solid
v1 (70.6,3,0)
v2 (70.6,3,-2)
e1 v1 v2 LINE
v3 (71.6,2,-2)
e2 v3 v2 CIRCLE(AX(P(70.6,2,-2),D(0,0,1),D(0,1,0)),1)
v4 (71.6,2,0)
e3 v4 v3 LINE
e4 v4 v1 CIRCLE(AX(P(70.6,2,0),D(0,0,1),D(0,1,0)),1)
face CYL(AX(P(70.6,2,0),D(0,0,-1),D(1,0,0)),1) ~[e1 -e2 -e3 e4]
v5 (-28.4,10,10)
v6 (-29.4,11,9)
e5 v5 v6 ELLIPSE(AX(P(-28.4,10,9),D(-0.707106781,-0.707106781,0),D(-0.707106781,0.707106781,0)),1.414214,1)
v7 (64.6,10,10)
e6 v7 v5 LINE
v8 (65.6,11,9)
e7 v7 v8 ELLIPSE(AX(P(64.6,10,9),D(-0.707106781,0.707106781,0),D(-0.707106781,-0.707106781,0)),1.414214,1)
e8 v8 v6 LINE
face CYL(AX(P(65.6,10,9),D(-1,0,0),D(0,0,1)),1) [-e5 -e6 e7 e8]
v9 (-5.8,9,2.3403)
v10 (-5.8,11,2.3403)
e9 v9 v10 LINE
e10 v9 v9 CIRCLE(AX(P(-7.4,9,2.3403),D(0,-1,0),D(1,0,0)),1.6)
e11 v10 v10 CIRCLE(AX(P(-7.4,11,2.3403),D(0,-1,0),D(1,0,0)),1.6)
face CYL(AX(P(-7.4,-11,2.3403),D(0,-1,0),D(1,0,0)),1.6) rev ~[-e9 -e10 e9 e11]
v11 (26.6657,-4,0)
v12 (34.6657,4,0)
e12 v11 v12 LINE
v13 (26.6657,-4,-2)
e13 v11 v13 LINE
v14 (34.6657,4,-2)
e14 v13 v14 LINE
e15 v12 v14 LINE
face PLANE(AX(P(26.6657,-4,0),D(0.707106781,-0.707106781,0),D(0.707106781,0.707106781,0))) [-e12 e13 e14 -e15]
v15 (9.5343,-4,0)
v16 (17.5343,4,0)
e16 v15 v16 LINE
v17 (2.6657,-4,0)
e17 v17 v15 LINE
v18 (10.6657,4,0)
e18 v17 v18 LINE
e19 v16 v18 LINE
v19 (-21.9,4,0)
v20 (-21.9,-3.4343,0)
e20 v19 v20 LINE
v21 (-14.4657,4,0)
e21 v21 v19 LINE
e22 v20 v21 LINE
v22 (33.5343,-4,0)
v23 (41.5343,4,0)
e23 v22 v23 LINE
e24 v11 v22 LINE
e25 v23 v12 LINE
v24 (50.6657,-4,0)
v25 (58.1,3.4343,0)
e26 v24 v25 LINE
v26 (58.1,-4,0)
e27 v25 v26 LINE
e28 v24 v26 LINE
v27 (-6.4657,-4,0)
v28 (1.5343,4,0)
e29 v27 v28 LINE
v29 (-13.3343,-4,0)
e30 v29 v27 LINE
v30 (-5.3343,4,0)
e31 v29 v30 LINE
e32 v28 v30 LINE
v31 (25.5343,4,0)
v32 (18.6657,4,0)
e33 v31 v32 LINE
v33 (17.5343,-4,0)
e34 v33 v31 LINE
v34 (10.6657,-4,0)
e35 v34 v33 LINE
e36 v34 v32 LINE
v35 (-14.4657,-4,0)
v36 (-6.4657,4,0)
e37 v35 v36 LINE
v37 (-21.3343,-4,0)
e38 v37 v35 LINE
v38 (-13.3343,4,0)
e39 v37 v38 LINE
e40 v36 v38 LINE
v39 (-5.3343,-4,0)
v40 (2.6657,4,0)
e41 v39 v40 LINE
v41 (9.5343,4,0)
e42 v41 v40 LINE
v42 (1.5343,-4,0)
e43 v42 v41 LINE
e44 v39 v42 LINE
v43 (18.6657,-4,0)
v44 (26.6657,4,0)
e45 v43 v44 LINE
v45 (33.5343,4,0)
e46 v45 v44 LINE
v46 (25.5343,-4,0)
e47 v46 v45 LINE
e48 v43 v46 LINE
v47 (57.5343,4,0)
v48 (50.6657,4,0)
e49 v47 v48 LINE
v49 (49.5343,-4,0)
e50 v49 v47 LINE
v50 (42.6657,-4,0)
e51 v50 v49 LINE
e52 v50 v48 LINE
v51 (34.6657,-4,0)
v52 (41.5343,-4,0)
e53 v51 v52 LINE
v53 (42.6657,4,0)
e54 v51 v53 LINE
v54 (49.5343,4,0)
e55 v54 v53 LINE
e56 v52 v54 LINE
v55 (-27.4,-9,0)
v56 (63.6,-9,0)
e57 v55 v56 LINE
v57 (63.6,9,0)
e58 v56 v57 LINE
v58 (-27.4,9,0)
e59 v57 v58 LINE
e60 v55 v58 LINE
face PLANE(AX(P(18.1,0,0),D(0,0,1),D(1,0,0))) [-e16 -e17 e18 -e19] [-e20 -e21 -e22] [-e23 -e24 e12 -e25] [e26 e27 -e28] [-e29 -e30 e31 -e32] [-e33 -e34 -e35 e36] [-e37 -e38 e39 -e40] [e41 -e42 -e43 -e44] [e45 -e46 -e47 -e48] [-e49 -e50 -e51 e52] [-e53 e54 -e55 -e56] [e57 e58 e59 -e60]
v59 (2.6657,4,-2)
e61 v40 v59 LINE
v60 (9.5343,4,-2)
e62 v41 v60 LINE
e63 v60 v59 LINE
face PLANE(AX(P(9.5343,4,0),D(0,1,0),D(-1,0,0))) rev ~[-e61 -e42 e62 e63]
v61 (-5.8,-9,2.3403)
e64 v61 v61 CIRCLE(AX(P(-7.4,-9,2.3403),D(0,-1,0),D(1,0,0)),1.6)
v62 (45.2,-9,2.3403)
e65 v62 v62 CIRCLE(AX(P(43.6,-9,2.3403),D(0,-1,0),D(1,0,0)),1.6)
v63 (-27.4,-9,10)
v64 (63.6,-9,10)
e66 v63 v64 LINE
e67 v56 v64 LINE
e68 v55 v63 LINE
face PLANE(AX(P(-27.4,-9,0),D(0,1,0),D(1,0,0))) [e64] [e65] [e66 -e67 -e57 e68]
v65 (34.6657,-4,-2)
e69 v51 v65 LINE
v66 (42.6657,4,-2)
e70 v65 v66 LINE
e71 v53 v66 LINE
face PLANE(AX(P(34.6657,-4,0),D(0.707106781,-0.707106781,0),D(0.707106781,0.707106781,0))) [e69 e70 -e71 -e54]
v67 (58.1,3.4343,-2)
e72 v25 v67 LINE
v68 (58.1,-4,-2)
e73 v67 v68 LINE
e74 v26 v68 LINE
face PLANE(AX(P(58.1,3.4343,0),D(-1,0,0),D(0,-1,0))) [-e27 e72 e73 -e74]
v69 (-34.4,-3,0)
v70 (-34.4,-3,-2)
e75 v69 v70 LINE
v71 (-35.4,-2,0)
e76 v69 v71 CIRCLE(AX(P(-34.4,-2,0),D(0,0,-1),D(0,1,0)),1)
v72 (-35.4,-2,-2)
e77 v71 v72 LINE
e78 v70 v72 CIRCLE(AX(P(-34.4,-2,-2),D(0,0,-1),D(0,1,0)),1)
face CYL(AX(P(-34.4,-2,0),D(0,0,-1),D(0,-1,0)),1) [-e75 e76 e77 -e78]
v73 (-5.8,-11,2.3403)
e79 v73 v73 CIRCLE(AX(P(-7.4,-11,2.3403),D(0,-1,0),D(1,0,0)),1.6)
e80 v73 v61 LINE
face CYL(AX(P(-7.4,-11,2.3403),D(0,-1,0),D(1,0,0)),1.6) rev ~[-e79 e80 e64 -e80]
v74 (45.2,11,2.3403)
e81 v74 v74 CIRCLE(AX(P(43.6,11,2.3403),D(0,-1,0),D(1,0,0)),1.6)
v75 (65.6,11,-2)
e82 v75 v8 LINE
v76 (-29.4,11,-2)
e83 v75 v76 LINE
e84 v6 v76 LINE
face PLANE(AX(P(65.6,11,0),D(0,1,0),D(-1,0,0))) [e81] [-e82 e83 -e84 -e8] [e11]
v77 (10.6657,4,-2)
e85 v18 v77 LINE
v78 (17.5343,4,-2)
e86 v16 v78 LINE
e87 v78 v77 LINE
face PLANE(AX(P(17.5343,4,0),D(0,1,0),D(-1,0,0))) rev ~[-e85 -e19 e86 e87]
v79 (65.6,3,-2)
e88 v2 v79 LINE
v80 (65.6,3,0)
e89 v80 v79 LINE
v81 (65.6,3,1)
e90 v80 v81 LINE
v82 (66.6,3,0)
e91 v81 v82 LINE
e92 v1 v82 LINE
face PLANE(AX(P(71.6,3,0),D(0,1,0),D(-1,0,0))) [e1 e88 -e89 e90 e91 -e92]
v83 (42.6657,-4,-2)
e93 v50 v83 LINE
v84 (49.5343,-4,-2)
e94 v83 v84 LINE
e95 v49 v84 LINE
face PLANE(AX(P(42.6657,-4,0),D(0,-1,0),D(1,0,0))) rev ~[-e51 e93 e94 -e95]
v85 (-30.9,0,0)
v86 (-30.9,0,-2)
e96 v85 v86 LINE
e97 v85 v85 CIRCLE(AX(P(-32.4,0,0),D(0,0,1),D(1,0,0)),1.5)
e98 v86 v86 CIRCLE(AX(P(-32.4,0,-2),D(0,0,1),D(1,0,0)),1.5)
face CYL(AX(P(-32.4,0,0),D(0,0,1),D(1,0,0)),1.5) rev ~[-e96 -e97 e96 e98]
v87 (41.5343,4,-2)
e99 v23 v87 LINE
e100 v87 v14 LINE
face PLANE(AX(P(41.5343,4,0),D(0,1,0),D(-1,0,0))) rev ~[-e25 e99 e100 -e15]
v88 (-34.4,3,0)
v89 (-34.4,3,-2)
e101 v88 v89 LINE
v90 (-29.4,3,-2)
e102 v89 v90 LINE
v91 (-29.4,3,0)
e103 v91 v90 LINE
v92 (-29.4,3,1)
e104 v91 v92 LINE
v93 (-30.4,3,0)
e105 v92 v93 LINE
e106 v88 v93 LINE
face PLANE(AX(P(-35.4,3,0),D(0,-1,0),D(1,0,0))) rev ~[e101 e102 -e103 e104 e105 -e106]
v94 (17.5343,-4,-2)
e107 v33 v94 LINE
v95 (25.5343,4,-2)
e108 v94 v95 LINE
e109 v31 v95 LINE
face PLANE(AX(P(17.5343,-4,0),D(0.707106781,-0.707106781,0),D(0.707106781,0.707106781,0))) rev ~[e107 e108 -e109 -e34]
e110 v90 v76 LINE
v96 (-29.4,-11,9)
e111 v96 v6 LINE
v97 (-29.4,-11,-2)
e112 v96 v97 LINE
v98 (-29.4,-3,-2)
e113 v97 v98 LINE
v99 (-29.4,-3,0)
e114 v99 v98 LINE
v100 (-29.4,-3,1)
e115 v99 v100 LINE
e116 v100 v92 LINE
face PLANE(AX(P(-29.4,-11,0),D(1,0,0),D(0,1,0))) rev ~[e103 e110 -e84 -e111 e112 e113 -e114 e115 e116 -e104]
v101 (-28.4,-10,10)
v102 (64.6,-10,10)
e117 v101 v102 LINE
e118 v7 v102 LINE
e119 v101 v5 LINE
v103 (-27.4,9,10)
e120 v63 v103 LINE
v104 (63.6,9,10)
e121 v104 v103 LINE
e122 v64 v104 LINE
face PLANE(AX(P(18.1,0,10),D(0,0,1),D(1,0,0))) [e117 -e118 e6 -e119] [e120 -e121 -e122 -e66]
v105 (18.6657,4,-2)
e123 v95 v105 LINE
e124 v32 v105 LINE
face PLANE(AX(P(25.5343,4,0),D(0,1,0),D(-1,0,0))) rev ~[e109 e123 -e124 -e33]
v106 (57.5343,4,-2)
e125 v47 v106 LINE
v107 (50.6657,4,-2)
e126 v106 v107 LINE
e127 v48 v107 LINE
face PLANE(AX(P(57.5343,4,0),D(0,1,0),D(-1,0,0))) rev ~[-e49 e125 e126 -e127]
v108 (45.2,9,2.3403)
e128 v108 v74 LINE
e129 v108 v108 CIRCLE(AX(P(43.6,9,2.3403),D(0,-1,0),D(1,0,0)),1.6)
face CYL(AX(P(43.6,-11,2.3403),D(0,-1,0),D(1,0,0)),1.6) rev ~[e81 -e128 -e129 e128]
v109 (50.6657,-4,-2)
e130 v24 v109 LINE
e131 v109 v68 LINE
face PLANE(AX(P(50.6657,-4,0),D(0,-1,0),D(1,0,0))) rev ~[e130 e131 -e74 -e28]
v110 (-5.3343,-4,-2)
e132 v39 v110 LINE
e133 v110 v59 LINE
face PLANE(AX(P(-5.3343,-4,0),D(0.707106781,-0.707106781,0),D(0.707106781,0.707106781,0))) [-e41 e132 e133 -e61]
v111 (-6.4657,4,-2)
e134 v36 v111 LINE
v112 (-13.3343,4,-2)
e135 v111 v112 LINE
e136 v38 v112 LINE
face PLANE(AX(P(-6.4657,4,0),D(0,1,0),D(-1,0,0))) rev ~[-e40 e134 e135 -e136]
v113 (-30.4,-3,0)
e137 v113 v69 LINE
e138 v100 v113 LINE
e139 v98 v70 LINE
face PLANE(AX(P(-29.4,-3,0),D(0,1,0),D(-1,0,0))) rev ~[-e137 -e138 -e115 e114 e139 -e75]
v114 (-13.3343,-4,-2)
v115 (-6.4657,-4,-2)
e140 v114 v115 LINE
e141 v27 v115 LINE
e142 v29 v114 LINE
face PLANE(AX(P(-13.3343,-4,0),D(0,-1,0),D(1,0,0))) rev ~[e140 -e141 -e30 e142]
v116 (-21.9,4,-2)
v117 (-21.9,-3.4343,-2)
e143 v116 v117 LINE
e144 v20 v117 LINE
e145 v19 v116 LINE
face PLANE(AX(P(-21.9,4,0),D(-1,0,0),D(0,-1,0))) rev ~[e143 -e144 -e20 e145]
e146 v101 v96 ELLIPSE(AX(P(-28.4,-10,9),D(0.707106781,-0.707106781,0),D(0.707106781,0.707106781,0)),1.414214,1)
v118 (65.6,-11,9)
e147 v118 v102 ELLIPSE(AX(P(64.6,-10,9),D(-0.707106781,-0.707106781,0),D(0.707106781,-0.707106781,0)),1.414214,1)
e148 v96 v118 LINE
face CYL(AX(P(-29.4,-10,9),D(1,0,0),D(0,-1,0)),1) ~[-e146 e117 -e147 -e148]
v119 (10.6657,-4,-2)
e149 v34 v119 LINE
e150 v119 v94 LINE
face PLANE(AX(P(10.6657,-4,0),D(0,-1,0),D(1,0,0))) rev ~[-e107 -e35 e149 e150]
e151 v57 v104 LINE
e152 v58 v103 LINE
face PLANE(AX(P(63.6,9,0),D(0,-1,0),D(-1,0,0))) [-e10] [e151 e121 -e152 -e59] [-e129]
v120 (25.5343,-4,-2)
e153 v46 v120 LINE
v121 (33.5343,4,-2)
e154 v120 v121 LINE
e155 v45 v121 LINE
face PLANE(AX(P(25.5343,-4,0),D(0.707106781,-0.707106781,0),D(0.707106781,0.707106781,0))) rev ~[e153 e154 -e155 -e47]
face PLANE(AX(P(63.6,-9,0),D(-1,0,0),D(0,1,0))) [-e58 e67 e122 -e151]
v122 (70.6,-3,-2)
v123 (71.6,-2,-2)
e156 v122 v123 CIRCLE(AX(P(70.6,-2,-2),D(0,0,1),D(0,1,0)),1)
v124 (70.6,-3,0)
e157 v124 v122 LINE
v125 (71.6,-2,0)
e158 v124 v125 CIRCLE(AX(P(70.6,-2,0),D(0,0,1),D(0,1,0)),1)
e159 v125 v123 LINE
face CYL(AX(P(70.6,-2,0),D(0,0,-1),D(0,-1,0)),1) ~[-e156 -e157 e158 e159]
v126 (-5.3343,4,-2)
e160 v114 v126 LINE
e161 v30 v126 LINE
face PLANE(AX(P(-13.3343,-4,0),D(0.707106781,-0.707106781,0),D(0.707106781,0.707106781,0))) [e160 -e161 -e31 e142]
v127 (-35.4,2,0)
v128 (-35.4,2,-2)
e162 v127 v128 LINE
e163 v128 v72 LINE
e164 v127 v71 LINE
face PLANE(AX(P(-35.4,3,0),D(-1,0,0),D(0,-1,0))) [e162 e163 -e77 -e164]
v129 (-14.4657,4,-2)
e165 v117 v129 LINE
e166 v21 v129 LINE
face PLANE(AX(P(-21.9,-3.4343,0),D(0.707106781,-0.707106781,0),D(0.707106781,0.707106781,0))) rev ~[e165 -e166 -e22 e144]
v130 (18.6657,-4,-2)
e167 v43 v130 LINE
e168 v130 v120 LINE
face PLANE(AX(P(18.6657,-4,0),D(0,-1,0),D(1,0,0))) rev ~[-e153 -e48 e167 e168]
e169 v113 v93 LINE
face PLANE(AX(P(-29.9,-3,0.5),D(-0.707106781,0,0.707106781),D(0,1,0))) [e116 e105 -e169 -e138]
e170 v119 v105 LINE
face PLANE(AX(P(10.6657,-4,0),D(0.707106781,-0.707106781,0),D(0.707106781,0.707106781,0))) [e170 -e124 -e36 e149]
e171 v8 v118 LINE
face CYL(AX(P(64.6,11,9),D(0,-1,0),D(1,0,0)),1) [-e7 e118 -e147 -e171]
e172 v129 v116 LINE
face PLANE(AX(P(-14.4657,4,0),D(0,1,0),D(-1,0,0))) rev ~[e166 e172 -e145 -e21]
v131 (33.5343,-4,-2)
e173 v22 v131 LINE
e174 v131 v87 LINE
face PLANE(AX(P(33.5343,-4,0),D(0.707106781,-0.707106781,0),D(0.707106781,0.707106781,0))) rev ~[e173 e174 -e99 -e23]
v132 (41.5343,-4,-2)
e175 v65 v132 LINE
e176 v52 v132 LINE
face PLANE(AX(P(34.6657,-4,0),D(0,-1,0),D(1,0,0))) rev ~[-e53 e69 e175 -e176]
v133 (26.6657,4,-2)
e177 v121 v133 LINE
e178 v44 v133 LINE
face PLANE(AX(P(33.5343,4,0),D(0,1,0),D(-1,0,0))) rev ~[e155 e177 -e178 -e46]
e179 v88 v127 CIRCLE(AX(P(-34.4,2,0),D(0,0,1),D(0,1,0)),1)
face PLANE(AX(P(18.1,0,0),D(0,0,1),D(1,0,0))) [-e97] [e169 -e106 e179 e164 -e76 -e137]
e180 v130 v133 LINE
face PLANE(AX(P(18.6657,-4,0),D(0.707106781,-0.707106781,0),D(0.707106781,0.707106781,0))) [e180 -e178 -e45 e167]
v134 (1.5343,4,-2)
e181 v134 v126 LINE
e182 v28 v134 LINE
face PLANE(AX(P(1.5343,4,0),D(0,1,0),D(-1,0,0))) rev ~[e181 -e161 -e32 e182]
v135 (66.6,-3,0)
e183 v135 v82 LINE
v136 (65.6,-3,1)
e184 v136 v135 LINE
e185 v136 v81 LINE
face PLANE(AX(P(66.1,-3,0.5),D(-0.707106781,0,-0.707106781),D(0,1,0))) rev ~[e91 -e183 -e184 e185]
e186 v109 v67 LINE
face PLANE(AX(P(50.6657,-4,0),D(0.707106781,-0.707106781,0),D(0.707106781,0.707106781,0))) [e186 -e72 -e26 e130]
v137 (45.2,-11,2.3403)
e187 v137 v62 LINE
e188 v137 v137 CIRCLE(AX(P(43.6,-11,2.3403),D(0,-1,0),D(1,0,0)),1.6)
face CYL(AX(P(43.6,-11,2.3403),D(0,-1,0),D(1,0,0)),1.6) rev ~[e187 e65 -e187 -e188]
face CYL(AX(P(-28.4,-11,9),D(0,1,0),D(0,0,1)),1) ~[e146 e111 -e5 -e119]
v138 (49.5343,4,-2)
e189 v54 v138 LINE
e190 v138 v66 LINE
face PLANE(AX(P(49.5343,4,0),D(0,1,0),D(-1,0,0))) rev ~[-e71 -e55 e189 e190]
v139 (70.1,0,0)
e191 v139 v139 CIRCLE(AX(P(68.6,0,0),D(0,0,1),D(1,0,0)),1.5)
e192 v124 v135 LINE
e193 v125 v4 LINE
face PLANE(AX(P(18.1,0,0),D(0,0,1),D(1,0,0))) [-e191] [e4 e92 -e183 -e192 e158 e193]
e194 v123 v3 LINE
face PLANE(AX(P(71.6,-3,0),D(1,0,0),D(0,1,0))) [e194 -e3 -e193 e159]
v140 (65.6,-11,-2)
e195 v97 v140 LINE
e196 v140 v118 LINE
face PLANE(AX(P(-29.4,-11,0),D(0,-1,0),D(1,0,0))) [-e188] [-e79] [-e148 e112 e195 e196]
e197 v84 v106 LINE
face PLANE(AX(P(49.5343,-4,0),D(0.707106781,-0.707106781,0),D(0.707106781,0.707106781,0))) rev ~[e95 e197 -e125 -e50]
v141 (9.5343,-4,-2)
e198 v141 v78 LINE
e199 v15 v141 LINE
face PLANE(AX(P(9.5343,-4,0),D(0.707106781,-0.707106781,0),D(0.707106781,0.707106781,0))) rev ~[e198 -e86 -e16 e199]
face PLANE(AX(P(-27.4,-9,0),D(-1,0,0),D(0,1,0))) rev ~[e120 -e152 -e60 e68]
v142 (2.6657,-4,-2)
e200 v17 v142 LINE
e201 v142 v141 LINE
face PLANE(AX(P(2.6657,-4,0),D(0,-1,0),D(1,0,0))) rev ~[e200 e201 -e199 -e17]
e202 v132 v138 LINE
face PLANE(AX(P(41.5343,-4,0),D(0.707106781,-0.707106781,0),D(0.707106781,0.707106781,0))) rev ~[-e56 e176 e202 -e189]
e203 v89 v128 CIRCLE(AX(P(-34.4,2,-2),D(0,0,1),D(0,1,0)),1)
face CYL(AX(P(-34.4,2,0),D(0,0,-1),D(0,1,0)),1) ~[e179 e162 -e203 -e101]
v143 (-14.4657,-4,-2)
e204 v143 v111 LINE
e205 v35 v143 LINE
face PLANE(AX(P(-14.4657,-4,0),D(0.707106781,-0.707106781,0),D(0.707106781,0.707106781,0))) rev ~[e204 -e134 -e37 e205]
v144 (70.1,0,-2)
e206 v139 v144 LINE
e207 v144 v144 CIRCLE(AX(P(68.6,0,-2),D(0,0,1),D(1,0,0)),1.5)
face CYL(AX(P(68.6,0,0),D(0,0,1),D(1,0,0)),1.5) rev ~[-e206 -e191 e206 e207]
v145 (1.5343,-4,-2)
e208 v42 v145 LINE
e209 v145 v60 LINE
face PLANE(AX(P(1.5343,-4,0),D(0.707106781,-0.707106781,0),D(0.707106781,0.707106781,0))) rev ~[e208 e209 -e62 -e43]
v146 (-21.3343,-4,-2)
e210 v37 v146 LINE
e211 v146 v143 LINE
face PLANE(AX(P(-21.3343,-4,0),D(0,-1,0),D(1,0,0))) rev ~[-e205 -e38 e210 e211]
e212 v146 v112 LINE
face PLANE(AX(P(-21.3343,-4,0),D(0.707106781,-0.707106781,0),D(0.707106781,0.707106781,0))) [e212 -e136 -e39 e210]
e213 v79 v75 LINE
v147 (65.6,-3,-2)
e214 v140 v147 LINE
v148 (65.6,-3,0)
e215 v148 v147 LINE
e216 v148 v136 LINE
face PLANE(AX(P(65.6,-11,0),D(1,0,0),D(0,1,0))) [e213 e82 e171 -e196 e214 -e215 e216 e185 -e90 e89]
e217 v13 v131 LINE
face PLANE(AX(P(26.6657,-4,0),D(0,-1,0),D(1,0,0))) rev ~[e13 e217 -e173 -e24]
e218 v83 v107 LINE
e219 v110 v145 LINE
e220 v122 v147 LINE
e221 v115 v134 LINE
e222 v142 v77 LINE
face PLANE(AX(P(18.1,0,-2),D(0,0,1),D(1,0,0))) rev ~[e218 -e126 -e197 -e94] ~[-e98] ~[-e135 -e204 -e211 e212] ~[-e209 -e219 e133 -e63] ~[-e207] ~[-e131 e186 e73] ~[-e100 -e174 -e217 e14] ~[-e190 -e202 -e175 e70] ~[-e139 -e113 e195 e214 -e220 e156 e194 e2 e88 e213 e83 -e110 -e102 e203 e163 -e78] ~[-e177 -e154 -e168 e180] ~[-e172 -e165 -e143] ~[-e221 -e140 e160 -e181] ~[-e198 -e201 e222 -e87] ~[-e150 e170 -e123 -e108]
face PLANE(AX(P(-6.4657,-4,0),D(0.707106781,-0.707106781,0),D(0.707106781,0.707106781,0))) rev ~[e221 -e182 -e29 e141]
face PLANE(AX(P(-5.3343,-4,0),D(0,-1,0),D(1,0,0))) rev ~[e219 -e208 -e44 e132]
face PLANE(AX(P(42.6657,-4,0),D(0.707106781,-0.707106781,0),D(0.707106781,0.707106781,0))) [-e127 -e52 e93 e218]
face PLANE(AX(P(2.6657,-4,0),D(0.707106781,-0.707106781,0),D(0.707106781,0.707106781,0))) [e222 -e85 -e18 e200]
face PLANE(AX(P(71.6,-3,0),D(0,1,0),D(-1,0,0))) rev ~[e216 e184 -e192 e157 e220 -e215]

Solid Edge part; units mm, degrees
sketch "Sketch1" plane through (0, 0, 0) normal (0, 0, 1) x (1, 0, 0)
  line L0 (-29.4, -11) -> (65.6, -11)
  line L1 (65.6, -11) -> (65.6, -3)
  line L2 (71.6, -3) -> (65.6, -3)
  line L3 (71.6, -3) -> (71.6, 3)
  line L4 (71.6, 3) -> (65.6, 3)
  line L5 (65.6, 3) -> (65.6, 11)
  line L6 (65.6, 11) -> (-29.4, 11)
  line L7 (-29.4, 3) -> (-29.4, 11)
  line L8 (-35.4, 3) -> (-29.4, 3)
  line L9 (-35.4, 3) -> (-35.4, -3)
  line L10 (-29.4, -3) -> (-35.4, -3)
  line L11 (-29.4, -11) -> (-29.4, -3)
  circle A0 centre (68.6, 0) radius 1.5
  circle A1 centre (-32.4, 0) radius 1.5
  line L12 (1.5343, -4) -> (9.5343, 4)
  line L13 (9.5343, 4) -> (2.6657, 4)
  line L14 (-5.3343, -4) -> (2.6657, 4)
  line L15 (-5.3343, -4) -> (1.5343, -4)
  line L16 (-6.4657, -4) -> (1.5343, 4)
  line L17 (1.5343, 4) -> (-5.3343, 4)
  line L18 (-13.3343, -4) -> (-5.3343, 4)
  line L19 (-13.3343, -4) -> (-6.4657, -4)
  line L20 (-21.9, -3.4343) -> (-14.4657, 4)
  line L21 (-14.4657, 4) -> (-21.9, 4)
  line L22 (-21.9, 4) -> (-21.9, -3.4343)
  line L23 (57.5343, 4) -> (50.6657, 4)
  line L24 (42.6657, -4) -> (50.6657, 4)
  line L25 (42.6657, -4) -> (49.5343, -4)
  line L26 (49.5343, -4) -> (57.5343, 4)
  line L27 (-14.4657, -4) -> (-6.4657, 4)
  line L28 (-6.4657, 4) -> (-13.3343, 4)
  line L29 (-21.3343, -4) -> (-13.3343, 4)
  line L30 (-21.3343, -4) -> (-14.4657, -4)
  line L31 (17.5343, -4) -> (25.5343, 4)
  line L32 (25.5343, 4) -> (18.6657, 4)
  line L33 (10.6657, -4) -> (18.6657, 4)
  line L34 (10.6657, -4) -> (17.5343, -4)
  line L35 (34.6657, -4) -> (42.6657, 4)
  line L36 (49.5343, 4) -> (42.6657, 4)
  line L37 (41.5343, -4) -> (49.5343, 4)
  line L38 (34.6657, -4) -> (41.5343, -4)
  line L39 (33.5343, -4) -> (41.5343, 4)
  line L40 (41.5343, 4) -> (34.6657, 4)
  line L41 (26.6657, -4) -> (34.6657, 4)
  line L42 (26.6657, -4) -> (33.5343, -4)
  line L43 (9.5343, -4) -> (17.5343, 4)
  line L44 (17.5343, 4) -> (10.6657, 4)
  line L45 (2.6657, -4) -> (10.6657, 4)
  line L46 (2.6657, -4) -> (9.5343, -4)
  line L47 (25.5343, -4) -> (33.5343, 4)
  line L48 (33.5343, 4) -> (26.6657, 4)
  line L49 (18.6657, -4) -> (26.6657, 4)
  line L50 (18.6657, -4) -> (25.5343, -4)
  line L51 (50.6657, -4) -> (58.1, -4)
  line L52 (58.1, 3.4343) -> (58.1, -4)
  line L53 (50.6657, -4) -> (58.1, 3.4343)
  dimension "D1" = 2
extrude "Protrusion1" add sketch "Sketch1" against normal blind 2
sketch "Sketch2" plane through (0, 0, 0) normal (0, 0, 1) x (1, 0, 0)
  line L0 (-27.4, -9) -> (63.6, -9)
  line L1 (63.6, -9) -> (63.6, 9)
  line L2 (63.6, 9) -> (-27.4, 9)
  line L3 (-27.4, -9) -> (-27.4, 9)
  line L4 (65.6, 11) -> (-29.4, 11)
  line L5 (-29.4, 3) -> (-29.4, 11)
  line L6 (-29.4, -3) -> (-29.4, 3)
  line L7 (-29.4, -11) -> (-29.4, -3)
  line L8 (-29.4, -11) -> (65.6, -11)
  line L9 (65.6, -11) -> (65.6, -3)
  line L10 (65.6, -3) -> (65.6, 3)
  line L11 (65.6, 3) -> (65.6, 11)
  dimension "D1" = 2
extrude "ExtrudedProtrusion_2" add sketch "Sketch2" along normal blind 10
fillet "Round_2" radius 1 4 edges at (71.6, -3, -1) (71.6, 3, -1) (-35.4, -3, -1) (-35.4, 3, -1)
sketch "Sketch3" plane through (0, -11, 5.5) normal (0, -1, 0) x (1, 0, 0)
  circle A0 centre (-7.4, -3.1597) radius 1.6
  circle A1 centre (43.6, -3.1597) radius 1.6
extrude "ExtrudedCutout_3" cut sketch "Sketch3" against normal blind 26
chamfer "Chamfer_5" distance 1 angle 45 2 edges at (-29.4, 0, 0) (65.6, 0, 0)
fillet "Round_7" radius 1 4 edges at (-29.4, 0, 10) (18.1, -11, 10) (18.1, 11, 10) (65.6, 0, 10)
